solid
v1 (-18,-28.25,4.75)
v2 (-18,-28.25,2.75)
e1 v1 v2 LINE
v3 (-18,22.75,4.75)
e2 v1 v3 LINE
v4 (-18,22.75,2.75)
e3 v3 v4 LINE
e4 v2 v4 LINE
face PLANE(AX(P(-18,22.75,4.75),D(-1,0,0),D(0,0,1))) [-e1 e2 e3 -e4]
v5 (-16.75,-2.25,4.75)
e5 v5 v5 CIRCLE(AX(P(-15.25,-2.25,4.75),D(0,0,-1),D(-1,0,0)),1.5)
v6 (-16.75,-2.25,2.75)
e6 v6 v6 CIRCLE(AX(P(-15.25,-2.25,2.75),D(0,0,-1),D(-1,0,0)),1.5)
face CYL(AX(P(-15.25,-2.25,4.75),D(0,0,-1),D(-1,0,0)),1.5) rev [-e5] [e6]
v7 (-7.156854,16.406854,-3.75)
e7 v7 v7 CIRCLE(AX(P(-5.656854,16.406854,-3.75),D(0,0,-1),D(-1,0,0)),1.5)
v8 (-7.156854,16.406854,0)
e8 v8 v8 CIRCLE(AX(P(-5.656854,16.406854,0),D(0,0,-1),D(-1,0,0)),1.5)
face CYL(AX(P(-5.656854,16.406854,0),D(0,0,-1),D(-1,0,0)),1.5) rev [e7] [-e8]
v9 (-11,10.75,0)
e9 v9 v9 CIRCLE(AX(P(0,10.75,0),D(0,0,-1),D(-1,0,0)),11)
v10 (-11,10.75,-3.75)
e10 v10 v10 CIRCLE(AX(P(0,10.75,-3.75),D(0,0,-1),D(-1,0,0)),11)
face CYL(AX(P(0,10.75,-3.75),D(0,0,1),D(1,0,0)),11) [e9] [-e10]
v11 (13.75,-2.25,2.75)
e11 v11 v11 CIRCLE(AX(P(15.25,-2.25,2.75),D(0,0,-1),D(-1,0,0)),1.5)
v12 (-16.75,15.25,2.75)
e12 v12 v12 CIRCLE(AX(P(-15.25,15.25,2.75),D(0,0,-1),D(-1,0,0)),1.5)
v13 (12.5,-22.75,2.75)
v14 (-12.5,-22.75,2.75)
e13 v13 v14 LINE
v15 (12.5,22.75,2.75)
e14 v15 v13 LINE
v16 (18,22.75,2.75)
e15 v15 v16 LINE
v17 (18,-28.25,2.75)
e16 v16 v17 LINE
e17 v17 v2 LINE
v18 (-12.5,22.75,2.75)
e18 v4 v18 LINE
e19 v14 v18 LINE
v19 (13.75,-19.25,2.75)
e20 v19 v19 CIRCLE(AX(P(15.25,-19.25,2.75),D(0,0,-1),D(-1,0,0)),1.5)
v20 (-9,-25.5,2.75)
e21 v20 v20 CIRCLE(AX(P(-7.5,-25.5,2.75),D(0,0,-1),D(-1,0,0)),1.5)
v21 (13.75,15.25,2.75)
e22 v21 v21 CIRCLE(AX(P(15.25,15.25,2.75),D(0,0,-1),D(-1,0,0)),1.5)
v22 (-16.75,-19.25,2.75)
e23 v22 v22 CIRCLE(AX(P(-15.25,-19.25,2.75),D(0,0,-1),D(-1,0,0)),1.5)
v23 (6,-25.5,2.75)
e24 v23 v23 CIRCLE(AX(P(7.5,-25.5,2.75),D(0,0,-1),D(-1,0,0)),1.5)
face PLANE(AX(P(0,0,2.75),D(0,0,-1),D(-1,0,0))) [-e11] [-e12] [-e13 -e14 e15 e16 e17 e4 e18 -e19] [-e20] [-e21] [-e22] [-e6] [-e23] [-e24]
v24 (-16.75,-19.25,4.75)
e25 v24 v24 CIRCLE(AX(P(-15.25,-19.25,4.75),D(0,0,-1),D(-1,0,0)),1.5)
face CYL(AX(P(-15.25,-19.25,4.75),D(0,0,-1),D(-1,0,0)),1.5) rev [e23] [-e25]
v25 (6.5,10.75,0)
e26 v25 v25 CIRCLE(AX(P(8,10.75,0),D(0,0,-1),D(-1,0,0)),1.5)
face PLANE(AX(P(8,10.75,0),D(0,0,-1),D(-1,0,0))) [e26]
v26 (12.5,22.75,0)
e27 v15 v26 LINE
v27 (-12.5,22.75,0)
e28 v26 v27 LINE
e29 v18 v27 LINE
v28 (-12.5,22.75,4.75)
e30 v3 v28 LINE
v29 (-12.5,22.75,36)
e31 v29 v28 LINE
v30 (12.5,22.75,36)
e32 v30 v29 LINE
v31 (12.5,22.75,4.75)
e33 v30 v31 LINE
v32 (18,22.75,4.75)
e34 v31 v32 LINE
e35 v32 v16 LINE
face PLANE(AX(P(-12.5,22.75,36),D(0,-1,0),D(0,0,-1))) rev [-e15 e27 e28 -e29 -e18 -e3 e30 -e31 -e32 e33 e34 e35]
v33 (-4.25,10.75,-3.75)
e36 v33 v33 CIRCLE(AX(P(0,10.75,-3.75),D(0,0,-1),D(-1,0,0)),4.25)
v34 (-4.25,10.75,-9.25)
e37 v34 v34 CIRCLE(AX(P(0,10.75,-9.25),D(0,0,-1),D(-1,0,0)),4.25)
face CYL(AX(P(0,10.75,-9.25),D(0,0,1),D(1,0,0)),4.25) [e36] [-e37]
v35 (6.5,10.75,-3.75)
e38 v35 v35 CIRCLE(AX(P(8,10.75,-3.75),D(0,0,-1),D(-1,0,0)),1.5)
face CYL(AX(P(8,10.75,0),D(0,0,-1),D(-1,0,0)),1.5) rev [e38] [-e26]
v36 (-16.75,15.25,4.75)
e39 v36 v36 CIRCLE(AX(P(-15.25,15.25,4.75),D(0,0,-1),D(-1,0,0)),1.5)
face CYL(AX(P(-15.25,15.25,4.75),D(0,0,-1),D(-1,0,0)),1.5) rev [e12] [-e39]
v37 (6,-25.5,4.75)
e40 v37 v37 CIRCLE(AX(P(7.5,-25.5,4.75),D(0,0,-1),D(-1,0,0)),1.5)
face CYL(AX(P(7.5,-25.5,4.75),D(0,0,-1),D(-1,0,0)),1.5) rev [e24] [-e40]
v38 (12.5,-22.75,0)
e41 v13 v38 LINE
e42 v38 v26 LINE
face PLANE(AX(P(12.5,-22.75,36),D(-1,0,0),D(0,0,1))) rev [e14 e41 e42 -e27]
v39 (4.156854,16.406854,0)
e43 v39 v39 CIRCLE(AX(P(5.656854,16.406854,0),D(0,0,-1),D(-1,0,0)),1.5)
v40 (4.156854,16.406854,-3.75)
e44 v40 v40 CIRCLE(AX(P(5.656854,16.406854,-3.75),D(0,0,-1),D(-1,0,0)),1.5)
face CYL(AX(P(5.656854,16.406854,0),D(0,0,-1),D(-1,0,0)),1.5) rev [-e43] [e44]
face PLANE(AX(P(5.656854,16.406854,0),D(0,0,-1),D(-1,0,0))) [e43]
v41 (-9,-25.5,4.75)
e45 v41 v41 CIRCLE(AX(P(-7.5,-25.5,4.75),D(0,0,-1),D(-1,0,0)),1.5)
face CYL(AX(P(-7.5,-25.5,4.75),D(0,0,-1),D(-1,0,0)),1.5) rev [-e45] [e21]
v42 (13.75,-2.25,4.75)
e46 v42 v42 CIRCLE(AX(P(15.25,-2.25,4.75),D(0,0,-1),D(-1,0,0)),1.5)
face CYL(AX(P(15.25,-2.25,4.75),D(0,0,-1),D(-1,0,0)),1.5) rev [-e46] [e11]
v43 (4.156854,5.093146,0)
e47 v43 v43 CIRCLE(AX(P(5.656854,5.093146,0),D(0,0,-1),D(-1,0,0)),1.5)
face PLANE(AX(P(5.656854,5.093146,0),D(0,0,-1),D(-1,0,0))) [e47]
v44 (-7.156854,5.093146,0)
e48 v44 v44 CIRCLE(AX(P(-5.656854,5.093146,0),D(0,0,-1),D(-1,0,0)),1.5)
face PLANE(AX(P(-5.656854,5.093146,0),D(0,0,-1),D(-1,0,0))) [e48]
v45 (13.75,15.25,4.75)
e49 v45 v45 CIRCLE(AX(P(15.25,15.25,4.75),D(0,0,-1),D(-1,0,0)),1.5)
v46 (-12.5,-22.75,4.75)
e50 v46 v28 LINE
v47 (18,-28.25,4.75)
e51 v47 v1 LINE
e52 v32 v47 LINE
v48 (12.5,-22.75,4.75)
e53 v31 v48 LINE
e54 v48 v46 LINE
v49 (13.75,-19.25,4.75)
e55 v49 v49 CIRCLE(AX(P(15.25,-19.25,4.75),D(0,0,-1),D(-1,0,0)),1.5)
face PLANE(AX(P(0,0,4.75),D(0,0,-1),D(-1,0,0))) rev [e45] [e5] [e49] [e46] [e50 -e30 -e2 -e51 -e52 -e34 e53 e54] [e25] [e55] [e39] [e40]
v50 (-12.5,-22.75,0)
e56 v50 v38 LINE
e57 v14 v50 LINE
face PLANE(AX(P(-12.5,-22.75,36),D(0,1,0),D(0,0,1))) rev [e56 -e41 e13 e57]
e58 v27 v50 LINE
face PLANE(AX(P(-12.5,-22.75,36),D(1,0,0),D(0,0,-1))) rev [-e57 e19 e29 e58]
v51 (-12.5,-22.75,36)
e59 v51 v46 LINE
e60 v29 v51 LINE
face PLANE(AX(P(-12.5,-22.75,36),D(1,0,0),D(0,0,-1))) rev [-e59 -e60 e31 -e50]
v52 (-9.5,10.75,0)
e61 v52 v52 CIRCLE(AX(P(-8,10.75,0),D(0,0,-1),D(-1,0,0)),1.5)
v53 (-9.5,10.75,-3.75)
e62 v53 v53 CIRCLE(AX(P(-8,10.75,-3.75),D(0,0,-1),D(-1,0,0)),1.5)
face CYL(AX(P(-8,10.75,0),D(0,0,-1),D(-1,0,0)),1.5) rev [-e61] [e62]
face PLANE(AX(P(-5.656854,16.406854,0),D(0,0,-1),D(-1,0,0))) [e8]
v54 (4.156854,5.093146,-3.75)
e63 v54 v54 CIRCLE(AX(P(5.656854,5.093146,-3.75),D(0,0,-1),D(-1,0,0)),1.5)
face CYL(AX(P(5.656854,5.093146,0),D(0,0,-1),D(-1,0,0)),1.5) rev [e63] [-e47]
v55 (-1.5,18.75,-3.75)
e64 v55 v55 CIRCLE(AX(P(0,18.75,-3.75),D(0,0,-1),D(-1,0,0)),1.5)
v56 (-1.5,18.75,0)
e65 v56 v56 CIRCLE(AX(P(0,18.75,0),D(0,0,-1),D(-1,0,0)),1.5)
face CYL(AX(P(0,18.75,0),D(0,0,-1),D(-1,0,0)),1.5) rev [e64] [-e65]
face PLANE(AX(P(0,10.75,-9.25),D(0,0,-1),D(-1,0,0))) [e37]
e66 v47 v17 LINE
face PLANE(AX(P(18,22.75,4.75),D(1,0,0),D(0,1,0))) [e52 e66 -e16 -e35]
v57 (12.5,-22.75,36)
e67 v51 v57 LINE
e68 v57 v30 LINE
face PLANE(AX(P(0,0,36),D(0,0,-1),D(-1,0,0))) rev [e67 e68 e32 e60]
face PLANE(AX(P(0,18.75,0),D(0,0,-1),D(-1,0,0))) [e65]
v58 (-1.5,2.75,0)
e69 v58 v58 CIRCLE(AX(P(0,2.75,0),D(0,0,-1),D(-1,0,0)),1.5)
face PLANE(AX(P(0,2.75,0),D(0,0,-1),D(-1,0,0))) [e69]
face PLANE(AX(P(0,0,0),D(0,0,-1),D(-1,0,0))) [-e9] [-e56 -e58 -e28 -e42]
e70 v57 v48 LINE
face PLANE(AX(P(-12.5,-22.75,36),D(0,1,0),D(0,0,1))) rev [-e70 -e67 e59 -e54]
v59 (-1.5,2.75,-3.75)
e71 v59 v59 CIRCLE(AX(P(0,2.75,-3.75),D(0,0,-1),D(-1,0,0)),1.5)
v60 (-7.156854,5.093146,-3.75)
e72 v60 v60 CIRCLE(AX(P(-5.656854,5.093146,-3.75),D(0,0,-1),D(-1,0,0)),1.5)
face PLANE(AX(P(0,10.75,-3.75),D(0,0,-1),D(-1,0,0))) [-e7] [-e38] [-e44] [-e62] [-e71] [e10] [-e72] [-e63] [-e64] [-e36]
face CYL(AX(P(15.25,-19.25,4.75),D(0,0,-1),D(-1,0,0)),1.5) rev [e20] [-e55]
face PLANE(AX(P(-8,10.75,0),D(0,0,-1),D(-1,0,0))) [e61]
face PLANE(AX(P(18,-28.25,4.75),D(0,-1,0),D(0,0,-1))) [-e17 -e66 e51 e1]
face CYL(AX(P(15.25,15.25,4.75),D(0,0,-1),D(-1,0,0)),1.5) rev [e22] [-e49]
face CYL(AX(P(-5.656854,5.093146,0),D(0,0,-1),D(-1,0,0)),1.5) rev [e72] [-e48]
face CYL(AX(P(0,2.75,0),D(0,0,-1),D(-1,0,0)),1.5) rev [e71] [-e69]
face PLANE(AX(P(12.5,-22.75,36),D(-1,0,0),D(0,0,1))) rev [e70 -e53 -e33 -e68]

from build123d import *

# Parameters (mm, degrees)
SKETCH1_W           = 25
SKETCH1_H           = 45.5
BOSS_EXTRUDE1_DEPTH = 36
BOSS_EXTRUDE2_START = -2.75
SKETCH2_W           = 36
SKETCH2_H           = 51
SKETCH2_R           = 1.5
BOSS_EXTRUDE2_DEPTH = 2
SKETCH3_R           = 11
BOSS_EXTRUDE3_DEPTH = 3.75
SKETCH4_R           = 1.5
CUT_EXTRUDE1_DEPTH  = 3.75
SKETCH5_R           = 4.25
BOSS_EXTRUDE4_DEPTH = 5.5


with BuildPart() as part:
    # Sketch1 → Boss-Extrude1 (new body)
    with BuildSketch(Plane.XY):
        Rectangle(SKETCH1_W, SKETCH1_H)
    extrude(amount=BOSS_EXTRUDE1_DEPTH)

    # Sketch2 → Boss-Extrude2 (add)
    with BuildSketch(Plane(origin=(0, 0, 0), x_dir=(-1, 0, 0), z_dir=(0, 0, -1)).offset(BOSS_EXTRUDE2_START)):
        with Locations((0, -2.75)):
            Rectangle(SKETCH2_W, SKETCH2_H)
        with Locations((-15.25, 15.25)):
            Circle(SKETCH2_R, mode=Mode.SUBTRACT)
        with Locations((-15.25, -2.25)):
            Circle(SKETCH2_R, mode=Mode.SUBTRACT)
        with Locations((-15.25, -19.25)):
            Circle(SKETCH2_R, mode=Mode.SUBTRACT)
        with Locations((-7.5, -25.5)):
            Circle(SKETCH2_R, mode=Mode.SUBTRACT)
        with Locations((7.5, -25.5)):
            Circle(SKETCH2_R, mode=Mode.SUBTRACT)
        with Locations((15.25, -19.25)):
            Circle(SKETCH2_R, mode=Mode.SUBTRACT)
        with Locations((15.25, -2.25)):
            Circle(SKETCH2_R, mode=Mode.SUBTRACT)
        with Locations((15.25, 15.25)):
            Circle(SKETCH2_R, mode=Mode.SUBTRACT)
    extrude(amount=-BOSS_EXTRUDE2_DEPTH)

    # Sketch3 → Boss-Extrude3 (add)
    with BuildSketch(Plane(origin=(0, 0, 0), x_dir=(-1, 0, 0), z_dir=(0, 0, -1))):
        with Locations((0, 10.75)):
            Circle(SKETCH3_R)
    extrude(amount=BOSS_EXTRUDE3_DEPTH)

    # Sketch4 → Cut-Extrude1 (cut)
    with BuildSketch(Plane(origin=(0, 0, -3.75), x_dir=(-1, 0, 0), z_dir=(0, 0, -1))):
        with Locations((0, 18.75)):
            Circle(SKETCH4_R)
        with Locations((-5.656854249, 16.406854249)):
            Circle(SKETCH4_R)
        with Locations((-8, 10.75)):
            Circle(SKETCH4_R)
        with Locations((-5.656854249, 5.093145751)):
            Circle(SKETCH4_R)
        with Locations((0, 2.75)):
            Circle(SKETCH4_R)
        with Locations((5.656854249, 5.093145751)):
            Circle(SKETCH4_R)
        with Locations((8, 10.75)):
            Circle(SKETCH4_R)
        with Locations((5.656854249, 16.406854249)):
            Circle(SKETCH4_R)
    extrude(amount=-CUT_EXTRUDE1_DEPTH, mode=Mode.SUBTRACT)

    # Sketch5 → Boss-Extrude4 (add)
    with BuildSketch(Plane(origin=(0, 0, -3.75), x_dir=(-1, 0, 0), z_dir=(0, 0, -1))):
        with Locations((0, 10.75)):
            Circle(SKETCH5_R)
    extrude(amount=BOSS_EXTRUDE4_DEPTH)


solid = part.part
